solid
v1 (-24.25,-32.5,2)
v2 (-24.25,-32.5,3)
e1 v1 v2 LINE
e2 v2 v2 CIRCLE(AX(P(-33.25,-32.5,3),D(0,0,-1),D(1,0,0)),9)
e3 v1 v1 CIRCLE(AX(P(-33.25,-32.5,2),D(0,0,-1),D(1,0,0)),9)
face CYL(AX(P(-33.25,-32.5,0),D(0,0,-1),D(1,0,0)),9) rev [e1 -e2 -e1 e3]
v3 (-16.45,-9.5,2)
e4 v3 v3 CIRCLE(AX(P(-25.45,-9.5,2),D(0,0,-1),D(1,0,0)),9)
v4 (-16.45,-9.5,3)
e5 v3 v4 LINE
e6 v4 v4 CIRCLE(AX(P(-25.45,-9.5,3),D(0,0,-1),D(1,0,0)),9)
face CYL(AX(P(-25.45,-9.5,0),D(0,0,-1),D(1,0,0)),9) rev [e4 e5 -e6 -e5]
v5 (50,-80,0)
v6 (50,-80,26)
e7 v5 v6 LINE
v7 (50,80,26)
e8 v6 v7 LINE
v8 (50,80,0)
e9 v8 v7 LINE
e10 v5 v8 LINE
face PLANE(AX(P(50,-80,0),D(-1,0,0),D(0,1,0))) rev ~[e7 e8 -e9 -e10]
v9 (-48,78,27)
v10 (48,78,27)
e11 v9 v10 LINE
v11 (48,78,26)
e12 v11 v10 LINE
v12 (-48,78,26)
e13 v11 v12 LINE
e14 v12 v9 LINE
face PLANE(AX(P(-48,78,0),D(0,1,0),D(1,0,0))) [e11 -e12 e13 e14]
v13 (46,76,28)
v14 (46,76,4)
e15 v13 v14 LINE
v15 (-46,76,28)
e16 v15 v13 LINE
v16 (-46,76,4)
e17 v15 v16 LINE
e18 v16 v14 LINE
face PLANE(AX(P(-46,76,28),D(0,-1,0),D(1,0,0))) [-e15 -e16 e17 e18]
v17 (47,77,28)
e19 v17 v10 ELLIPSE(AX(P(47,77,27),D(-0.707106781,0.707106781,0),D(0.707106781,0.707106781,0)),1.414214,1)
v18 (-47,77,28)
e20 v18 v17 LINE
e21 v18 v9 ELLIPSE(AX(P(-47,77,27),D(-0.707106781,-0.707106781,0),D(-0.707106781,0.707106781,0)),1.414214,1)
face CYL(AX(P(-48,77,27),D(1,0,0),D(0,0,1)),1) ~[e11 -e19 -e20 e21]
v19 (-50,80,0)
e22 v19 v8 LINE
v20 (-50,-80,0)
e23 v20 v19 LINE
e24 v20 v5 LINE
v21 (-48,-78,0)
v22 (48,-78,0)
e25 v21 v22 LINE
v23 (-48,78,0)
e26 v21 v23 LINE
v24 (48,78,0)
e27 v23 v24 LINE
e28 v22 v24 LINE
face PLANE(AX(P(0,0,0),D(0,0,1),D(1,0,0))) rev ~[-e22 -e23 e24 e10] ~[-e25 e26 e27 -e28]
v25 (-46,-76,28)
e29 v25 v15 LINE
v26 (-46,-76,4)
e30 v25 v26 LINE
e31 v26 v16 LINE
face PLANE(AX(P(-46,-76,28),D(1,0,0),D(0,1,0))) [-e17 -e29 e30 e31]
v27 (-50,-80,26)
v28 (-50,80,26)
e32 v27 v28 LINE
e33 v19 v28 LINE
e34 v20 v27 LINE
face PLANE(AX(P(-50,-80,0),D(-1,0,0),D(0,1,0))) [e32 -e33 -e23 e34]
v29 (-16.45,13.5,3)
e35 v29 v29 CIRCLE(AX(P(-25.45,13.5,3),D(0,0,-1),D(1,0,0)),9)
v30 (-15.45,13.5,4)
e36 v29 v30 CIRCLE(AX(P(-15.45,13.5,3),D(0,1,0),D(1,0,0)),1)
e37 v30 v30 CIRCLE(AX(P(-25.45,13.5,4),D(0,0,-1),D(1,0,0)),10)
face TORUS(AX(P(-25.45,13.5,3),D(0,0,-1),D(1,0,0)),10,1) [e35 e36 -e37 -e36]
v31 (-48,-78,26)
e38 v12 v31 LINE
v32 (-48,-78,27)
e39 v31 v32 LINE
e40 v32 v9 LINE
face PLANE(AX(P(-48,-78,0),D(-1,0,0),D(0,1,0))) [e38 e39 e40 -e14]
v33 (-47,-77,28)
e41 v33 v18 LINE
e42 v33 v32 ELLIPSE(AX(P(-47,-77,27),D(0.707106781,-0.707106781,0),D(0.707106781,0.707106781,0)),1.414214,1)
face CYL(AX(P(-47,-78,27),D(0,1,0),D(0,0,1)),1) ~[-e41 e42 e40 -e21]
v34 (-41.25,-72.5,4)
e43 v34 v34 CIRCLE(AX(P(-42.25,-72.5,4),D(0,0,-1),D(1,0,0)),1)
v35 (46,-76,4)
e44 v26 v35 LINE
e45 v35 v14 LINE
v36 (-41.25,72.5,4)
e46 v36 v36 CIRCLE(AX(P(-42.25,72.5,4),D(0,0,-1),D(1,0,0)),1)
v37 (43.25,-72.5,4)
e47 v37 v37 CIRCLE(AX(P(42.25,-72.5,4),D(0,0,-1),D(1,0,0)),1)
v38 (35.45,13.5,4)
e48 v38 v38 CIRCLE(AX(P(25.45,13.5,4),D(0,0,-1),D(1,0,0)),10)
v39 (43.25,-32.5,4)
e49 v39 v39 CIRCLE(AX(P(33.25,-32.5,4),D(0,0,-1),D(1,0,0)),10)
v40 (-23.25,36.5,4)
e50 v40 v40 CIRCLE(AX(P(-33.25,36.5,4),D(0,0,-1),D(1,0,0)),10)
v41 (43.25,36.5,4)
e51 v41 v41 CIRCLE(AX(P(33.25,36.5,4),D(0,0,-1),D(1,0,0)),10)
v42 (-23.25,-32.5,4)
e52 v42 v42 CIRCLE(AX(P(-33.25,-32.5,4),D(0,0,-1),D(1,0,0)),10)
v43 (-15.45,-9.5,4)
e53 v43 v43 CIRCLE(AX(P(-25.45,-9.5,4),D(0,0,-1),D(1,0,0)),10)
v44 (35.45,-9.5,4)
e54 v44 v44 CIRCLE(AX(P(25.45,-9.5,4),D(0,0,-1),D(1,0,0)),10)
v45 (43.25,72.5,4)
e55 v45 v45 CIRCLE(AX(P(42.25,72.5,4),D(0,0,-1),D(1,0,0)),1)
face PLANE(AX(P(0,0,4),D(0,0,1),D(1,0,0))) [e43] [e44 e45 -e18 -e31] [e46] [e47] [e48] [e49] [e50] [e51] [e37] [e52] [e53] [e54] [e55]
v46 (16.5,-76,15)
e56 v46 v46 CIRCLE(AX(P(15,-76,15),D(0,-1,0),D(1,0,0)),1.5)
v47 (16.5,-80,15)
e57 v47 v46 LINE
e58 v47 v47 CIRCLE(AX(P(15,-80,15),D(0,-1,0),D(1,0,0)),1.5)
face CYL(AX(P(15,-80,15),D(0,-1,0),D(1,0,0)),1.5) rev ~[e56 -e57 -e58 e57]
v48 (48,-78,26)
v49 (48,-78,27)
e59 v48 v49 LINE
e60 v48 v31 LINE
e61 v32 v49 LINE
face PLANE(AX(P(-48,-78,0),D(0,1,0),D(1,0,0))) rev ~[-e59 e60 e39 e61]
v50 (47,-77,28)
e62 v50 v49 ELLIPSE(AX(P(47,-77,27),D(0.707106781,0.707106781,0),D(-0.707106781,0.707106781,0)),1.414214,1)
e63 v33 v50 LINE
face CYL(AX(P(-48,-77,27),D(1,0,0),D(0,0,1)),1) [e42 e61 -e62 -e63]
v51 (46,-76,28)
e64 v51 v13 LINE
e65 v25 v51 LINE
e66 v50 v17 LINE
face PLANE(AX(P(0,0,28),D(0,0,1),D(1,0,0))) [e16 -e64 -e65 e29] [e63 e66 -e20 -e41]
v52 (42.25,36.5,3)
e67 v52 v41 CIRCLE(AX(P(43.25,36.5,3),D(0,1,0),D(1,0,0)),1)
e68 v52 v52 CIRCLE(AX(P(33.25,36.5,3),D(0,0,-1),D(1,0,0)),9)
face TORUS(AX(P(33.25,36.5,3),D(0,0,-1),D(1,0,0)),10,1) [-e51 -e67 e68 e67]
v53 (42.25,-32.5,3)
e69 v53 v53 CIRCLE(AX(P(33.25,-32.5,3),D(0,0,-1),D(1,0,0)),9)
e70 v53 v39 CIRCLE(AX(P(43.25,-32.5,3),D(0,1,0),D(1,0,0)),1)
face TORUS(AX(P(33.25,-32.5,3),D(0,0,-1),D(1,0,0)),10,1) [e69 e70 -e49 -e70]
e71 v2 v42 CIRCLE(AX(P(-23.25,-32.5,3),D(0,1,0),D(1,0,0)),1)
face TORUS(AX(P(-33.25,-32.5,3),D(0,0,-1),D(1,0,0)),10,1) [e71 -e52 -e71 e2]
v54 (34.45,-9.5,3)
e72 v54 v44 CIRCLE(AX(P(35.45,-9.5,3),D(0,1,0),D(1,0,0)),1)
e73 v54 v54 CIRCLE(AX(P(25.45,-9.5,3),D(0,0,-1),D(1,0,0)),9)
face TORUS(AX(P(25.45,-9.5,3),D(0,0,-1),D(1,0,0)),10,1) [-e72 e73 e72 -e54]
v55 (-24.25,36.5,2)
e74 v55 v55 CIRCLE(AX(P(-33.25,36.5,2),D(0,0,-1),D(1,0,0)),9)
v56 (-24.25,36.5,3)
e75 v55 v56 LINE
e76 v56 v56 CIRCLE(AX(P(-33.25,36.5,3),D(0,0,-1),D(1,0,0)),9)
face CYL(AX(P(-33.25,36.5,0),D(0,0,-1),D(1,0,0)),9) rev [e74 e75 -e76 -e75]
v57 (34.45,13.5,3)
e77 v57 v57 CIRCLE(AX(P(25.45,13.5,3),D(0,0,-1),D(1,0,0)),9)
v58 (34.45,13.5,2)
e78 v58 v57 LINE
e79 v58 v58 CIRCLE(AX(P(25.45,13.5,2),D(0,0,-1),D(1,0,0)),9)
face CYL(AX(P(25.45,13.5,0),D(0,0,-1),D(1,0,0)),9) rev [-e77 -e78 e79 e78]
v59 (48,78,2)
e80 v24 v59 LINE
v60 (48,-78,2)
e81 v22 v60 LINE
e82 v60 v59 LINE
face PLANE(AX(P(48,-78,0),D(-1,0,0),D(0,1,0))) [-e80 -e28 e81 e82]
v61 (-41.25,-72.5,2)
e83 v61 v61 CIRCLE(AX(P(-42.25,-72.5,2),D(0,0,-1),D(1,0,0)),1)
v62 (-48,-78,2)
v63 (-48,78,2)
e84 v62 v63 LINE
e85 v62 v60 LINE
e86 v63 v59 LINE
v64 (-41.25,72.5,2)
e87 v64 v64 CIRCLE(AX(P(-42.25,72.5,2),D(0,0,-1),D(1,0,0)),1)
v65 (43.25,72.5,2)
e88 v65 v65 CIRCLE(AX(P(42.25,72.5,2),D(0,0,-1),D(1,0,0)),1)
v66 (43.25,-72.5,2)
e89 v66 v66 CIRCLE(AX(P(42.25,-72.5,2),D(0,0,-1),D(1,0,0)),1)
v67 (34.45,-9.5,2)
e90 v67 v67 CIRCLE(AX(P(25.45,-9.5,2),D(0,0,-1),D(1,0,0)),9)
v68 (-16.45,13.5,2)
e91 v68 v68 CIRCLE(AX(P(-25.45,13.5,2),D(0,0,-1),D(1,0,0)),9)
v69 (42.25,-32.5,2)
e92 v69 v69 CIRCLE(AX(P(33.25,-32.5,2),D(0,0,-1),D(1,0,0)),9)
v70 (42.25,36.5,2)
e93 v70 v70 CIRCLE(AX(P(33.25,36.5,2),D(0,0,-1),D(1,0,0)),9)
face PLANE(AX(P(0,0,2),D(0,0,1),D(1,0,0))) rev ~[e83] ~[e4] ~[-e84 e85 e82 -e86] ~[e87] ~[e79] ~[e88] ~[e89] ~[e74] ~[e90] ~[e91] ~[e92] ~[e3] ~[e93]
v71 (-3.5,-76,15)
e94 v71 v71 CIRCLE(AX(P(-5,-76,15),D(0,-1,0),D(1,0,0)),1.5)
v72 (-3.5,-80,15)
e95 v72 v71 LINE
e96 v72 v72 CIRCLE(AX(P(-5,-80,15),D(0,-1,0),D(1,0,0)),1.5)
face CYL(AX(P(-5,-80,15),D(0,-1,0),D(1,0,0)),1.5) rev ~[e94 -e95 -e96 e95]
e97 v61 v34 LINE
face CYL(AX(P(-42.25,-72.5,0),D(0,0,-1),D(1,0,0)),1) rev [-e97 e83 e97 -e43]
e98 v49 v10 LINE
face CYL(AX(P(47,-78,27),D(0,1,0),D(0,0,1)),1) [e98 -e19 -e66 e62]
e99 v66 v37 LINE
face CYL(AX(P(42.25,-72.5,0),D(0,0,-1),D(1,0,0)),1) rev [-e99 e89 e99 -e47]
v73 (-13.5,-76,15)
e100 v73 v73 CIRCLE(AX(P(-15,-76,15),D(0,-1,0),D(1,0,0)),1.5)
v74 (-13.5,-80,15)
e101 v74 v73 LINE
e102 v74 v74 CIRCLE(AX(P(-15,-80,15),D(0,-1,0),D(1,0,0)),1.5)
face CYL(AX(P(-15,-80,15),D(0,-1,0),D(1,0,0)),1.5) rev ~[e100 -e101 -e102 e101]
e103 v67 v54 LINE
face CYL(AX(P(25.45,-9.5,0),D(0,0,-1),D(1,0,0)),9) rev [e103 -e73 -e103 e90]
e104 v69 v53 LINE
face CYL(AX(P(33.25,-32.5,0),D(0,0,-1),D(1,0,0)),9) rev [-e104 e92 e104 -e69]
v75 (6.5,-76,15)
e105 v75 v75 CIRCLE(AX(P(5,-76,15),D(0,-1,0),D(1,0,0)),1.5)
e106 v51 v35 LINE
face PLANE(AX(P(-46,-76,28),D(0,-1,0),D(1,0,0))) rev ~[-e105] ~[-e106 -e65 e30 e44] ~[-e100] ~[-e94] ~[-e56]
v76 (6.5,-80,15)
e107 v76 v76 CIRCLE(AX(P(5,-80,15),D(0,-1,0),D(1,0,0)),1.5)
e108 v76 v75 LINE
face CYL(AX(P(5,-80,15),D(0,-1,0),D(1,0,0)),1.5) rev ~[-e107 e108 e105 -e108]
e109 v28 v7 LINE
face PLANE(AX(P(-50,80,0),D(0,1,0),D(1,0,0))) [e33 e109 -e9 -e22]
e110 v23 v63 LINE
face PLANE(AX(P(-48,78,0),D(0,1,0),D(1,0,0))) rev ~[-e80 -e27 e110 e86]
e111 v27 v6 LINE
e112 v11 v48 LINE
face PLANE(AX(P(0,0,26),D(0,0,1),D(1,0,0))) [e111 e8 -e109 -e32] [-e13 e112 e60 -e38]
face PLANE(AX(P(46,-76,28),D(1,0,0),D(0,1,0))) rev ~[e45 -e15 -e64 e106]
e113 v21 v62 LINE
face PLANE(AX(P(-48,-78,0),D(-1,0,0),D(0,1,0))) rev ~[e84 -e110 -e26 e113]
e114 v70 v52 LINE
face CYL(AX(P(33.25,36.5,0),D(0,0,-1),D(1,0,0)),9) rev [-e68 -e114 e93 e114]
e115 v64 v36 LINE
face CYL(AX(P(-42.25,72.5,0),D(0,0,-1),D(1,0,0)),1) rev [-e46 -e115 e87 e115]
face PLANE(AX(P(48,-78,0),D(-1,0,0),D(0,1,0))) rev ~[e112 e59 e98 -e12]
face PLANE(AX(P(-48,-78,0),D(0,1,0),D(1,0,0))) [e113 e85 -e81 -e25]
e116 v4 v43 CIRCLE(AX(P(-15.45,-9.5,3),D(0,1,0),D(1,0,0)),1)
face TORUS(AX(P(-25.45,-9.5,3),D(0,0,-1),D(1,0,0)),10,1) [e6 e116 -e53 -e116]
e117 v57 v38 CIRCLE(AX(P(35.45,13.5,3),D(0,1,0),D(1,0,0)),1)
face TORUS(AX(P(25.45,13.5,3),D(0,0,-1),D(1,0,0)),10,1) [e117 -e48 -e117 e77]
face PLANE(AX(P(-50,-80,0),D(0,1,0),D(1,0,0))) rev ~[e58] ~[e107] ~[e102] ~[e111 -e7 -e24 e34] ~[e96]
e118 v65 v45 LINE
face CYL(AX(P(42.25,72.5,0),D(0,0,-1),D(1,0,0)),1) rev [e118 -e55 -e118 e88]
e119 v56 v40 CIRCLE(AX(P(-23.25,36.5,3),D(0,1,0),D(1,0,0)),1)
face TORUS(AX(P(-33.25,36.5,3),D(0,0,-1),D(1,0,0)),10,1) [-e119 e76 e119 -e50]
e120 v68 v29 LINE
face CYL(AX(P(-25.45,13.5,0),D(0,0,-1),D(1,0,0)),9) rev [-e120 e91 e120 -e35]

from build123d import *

# Parameters (mm, degrees)
SKETCH_W        = 100
SKETCH_H        = 160
PAD_DEPTH       = 26
SKETCH001_W     = 96
SKETCH001_H     = 156
PAD001_DEPTH    = 28
SKETCH005_W     = 92
SKETCH005_H     = 152
POCKET_DEPTH    = 24
SKETCH003_R     = 9
POCKET001_DEPTH = 28.001
SKETCH002_R     = 1
POCKET002_DEPTH = 28.001
SKETCH006_W     = 96
SKETCH006_H     = 156
POCKET003_DEPTH = 2
SKETCH007_R     = 1.5
POCKET004_DEPTH = 10
FILLET_R        = 1
FILLET001_R     = 1


with BuildPart() as part:
    # Sketch → Pad (new body)
    with BuildSketch(Plane.XY):
        Rectangle(SKETCH_W, SKETCH_H)
    extrude(amount=PAD_DEPTH)

    # Sketch001 → Pad001 (join)
    with BuildSketch(Plane.XY):
        Rectangle(SKETCH001_W, SKETCH001_H)
    extrude(amount=PAD001_DEPTH)

    # Sketch005 → Pocket (cut)
    with BuildSketch(Plane.XY.offset(28)):
        Rectangle(SKETCH005_W, SKETCH005_H)
    extrude(amount=-POCKET_DEPTH, mode=Mode.SUBTRACT)

    # Sketch003 → Pocket001 (cut, through all)
    with BuildSketch(Plane.XY):
        with Locations((33.25, 36.5)):
            Circle(SKETCH003_R)
        with Locations((25.45, 13.5)):
            Circle(SKETCH003_R)
        with Locations((25.45, -9.5)):
            Circle(SKETCH003_R)
        with Locations((33.25, -32.5)):
            Circle(SKETCH003_R)
        with Locations((-33.25, 36.5)):
            Circle(SKETCH003_R)
        with Locations((-25.45, 13.5)):
            Circle(SKETCH003_R)
        with Locations((-25.45, -9.5)):
            Circle(SKETCH003_R)
        with Locations((-33.25, -32.5)):
            Circle(SKETCH003_R)
    extrude(amount=POCKET001_DEPTH, mode=Mode.SUBTRACT)

    # Sketch002 → Pocket002 (cut, through all)
    with BuildSketch(Plane.XY):
        with Locations((42.25, 72.5)):
            Circle(SKETCH002_R)
        with Locations((-42.25, 72.5)):
            Circle(SKETCH002_R)
        with Locations((42.25, -72.5)):
            Circle(SKETCH002_R)
        with Locations((-42.25, -72.5)):
            Circle(SKETCH002_R)
    extrude(amount=POCKET002_DEPTH, mode=Mode.SUBTRACT)

    # Sketch006 → Pocket003 (cut)
    with BuildSketch(Plane.XY):
        Rectangle(SKETCH006_W, SKETCH006_H)
    extrude(amount=POCKET003_DEPTH, mode=Mode.SUBTRACT)

    # Sketch007 → Pocket004 (cut)
    with BuildSketch(Plane.XZ.offset(80)):
        with Locations((-15, 15)):
            Circle(SKETCH007_R)
        with Locations((-5, 15)):
            Circle(SKETCH007_R)
        with Locations((5, 15)):
            Circle(SKETCH007_R)
        with Locations((15, 15)):
            Circle(SKETCH007_R)
    extrude(amount=-POCKET004_DEPTH, mode=Mode.SUBTRACT)

    # Fillet
    fillet_edges = [part.edges().sort_by_distance(p)[0] for p in [
        (-42.25, -32.5, 4),
        (-34.45, -9.5, 4),
        (-34.45, 13.5, 4),
        (-42.25, 36.5, 4),
        (24.25, 36.5, 4),
        (16.45, 13.5, 4),
        (16.45, -9.5, 4),
        (24.25, -32.5, 4),
    ]]
    fillet(fillet_edges, radius=FILLET_R)

    # Fillet001
    fillet001_edges = [part.edges().sort_by_distance(p)[0] for p in [
        (-48, 0, 28),
        (0, 78, 28),
        (48, 0, 28),
        (0, -78, 28),
    ]]
    fillet(fillet001_edges, radius=FILLET001_R)


solid = part.part
